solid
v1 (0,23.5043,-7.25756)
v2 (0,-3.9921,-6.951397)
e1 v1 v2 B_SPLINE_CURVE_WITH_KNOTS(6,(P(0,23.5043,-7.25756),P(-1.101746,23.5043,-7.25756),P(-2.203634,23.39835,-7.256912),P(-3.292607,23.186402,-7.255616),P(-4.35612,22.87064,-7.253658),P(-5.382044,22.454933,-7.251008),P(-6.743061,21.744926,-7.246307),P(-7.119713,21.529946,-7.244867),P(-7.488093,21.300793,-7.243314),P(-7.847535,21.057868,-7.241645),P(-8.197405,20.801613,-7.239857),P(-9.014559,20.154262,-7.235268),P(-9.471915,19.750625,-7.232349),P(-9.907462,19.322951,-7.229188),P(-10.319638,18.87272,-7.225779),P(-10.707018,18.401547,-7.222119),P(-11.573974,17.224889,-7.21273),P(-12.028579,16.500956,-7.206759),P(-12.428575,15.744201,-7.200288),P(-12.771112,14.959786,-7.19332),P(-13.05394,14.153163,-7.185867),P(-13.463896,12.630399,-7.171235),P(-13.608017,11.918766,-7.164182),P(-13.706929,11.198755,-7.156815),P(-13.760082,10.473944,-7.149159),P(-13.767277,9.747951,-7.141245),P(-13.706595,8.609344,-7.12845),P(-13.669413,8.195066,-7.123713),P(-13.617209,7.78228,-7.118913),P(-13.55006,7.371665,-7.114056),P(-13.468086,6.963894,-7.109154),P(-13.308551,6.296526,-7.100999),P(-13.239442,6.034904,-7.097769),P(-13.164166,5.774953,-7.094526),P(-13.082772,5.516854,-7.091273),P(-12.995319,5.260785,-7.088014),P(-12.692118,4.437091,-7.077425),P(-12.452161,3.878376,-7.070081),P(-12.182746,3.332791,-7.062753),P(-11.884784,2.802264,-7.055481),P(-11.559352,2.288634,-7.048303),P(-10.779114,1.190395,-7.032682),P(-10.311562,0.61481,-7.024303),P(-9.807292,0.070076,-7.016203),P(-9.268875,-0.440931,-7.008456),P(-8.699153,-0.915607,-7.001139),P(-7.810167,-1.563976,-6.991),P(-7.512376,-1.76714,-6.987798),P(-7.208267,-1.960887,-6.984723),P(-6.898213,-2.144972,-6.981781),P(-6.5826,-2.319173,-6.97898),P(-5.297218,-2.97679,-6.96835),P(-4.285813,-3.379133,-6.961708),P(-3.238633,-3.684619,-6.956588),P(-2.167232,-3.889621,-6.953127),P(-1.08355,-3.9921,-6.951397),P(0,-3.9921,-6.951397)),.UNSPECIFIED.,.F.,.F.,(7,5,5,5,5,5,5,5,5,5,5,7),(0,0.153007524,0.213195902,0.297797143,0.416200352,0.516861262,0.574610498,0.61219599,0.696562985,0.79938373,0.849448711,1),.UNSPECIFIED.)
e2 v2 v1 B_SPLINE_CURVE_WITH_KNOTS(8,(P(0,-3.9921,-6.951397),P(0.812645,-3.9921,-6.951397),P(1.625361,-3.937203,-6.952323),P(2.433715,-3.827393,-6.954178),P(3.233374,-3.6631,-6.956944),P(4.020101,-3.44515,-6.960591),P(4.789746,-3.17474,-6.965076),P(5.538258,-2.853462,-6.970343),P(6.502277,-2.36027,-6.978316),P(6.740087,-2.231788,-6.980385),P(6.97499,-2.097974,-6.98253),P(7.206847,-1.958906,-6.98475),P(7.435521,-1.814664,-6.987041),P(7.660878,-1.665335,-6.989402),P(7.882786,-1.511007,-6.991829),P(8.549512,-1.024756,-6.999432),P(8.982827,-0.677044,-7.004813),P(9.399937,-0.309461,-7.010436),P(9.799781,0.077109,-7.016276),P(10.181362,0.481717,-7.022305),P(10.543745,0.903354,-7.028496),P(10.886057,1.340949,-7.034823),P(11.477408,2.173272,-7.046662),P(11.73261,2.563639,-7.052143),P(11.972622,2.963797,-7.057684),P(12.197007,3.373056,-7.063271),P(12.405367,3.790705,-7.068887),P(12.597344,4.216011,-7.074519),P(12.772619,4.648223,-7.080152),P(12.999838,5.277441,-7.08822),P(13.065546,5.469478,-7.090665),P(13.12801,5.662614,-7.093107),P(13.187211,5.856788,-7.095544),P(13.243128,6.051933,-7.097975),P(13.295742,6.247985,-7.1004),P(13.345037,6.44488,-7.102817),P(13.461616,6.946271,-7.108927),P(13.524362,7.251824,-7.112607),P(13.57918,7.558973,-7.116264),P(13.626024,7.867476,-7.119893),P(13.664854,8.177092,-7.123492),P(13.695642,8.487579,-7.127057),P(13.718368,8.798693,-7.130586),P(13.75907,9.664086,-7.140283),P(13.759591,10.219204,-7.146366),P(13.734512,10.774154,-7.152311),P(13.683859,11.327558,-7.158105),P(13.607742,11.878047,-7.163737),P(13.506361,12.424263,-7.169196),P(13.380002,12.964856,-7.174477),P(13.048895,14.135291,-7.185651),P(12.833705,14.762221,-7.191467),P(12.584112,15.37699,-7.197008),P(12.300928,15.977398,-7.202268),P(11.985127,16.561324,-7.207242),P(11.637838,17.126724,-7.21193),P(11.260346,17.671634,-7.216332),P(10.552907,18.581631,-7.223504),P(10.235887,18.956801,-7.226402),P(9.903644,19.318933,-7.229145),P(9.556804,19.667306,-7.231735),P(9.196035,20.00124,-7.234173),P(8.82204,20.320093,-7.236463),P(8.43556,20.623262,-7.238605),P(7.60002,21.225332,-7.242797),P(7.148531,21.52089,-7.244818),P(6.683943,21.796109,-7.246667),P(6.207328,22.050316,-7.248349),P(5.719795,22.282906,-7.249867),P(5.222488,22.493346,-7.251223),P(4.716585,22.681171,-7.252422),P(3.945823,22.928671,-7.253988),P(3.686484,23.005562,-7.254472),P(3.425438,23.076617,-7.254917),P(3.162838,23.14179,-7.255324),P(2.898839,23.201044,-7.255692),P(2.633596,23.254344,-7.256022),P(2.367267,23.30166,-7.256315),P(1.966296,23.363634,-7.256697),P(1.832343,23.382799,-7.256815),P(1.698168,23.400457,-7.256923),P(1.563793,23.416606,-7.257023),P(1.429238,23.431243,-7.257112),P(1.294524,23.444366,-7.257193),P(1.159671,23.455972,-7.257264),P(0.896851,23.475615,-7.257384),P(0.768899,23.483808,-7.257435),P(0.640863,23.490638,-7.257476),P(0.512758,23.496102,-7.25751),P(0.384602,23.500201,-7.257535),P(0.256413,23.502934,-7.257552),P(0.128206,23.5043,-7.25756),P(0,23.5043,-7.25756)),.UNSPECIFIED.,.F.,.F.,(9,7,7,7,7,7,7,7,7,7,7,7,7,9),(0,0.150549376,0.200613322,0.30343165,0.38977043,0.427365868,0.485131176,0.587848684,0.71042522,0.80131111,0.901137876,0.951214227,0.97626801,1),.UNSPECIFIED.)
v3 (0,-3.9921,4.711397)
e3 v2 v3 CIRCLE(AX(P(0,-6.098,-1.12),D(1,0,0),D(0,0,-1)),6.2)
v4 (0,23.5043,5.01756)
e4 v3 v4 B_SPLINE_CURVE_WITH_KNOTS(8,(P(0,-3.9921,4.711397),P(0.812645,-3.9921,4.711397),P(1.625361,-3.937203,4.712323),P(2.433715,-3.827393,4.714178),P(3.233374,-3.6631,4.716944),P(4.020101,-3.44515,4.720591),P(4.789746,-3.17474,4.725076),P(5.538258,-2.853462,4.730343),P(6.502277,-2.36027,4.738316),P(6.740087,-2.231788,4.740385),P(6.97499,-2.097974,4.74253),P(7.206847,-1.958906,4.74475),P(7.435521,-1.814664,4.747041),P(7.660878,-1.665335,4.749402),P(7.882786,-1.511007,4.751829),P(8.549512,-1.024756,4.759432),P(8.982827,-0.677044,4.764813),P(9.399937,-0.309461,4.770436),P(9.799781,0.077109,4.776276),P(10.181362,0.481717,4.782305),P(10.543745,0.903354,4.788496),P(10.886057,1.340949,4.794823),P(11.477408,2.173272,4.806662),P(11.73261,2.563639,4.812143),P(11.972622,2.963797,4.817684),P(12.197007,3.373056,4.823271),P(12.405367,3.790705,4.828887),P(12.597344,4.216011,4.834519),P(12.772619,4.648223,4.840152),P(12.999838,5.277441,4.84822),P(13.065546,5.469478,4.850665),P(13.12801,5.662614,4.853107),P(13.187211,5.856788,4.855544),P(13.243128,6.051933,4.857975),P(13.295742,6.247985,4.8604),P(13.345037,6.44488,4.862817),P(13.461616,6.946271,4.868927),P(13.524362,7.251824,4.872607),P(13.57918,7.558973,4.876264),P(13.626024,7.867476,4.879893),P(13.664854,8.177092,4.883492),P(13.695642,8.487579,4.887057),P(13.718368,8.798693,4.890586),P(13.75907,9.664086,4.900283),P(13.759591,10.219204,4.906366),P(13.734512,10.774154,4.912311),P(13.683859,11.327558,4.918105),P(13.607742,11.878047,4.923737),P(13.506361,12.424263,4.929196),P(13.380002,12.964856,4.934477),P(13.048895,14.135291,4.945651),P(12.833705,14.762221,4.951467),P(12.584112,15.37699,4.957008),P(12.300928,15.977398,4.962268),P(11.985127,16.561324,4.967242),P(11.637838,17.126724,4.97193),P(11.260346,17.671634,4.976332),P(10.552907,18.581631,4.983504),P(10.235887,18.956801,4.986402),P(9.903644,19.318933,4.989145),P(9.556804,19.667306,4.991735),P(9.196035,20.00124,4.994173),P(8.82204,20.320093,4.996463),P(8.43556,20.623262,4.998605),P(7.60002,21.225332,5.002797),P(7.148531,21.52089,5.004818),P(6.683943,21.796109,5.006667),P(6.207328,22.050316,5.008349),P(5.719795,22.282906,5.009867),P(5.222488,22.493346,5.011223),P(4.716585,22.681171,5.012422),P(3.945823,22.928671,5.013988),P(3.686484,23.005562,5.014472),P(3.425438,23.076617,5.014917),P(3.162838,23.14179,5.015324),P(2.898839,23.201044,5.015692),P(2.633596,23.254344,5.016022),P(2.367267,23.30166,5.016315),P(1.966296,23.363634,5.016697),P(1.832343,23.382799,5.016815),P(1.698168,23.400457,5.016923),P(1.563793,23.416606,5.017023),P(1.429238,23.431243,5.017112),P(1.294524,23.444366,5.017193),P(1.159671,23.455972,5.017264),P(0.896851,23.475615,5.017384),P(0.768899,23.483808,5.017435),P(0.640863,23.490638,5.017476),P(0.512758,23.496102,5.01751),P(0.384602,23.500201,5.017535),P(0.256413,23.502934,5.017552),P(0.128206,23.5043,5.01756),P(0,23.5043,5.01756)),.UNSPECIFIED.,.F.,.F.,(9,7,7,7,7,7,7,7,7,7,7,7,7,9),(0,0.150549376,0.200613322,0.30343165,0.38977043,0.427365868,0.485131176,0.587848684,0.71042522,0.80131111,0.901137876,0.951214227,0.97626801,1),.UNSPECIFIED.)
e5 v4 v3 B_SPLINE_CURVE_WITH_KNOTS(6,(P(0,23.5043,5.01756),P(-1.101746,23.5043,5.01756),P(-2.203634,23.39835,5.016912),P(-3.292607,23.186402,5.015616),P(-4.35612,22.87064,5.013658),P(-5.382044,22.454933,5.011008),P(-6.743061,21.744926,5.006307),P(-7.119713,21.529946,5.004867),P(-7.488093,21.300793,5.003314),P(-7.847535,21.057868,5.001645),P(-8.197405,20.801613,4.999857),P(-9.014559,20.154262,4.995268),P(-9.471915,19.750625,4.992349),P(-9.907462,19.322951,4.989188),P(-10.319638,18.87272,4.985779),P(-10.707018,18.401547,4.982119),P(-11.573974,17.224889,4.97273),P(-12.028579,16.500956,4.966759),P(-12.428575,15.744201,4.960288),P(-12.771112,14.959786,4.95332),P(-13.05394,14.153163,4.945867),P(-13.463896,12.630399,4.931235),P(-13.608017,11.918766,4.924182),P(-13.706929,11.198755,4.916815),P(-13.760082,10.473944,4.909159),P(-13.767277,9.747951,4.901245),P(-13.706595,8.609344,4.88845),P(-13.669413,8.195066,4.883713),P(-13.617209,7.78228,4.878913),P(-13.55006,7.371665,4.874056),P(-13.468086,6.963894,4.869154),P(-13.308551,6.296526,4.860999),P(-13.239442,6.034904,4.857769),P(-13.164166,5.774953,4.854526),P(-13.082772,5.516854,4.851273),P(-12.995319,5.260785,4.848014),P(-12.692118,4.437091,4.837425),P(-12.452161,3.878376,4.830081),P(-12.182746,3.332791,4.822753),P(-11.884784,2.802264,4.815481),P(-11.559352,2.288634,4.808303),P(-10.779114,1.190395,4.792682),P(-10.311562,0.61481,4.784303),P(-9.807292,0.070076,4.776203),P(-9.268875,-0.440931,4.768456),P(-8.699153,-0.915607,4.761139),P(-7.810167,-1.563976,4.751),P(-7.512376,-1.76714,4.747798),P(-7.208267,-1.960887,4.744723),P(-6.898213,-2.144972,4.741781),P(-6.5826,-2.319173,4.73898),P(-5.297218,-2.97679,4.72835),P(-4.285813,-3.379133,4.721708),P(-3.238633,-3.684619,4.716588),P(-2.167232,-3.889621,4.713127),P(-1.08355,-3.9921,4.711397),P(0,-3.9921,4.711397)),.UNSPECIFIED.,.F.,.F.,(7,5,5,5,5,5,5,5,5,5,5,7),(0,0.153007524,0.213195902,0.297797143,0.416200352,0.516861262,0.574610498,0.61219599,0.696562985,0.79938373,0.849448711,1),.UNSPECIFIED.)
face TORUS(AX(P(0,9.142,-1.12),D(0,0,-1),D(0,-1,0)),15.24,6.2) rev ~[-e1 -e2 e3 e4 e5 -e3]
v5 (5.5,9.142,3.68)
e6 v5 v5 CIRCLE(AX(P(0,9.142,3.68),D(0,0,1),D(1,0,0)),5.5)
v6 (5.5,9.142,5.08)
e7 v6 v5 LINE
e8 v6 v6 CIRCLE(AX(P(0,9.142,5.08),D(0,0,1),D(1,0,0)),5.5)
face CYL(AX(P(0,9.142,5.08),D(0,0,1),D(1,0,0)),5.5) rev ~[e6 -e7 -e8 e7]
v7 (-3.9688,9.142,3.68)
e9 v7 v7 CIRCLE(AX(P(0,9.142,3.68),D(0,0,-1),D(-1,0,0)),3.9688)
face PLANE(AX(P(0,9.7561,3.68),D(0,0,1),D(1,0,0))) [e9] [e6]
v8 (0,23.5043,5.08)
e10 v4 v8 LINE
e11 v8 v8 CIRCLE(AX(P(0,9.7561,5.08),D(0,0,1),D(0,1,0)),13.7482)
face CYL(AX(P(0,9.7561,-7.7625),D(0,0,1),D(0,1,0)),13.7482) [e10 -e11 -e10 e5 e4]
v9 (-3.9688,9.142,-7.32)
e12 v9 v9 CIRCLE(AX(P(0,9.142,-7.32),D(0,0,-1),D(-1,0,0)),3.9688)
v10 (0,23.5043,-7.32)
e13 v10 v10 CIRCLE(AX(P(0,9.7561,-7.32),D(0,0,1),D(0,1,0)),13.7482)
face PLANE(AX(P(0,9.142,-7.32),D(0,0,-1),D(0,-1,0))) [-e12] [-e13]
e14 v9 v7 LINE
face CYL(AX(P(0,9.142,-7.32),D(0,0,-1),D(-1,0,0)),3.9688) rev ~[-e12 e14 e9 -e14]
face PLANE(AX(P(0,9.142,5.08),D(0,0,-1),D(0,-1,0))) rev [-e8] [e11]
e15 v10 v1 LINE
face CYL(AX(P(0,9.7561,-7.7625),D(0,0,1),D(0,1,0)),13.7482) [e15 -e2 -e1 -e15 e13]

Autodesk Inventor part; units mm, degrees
ref_plane "YZ Plane" through (0, 0, 0) normal (1, 0, 0) x (0, 1, 0)
ref_plane "XZ Plane" through (0, 0, 0) normal (0, 1, 0) x (-1, 0, 0)
ref_plane "XY Plane" through (0, 0, 0) normal (0, 0, 1) x (1, 0, 0)
sketch "Sketch1" plane through (0, 0, 0) normal (1, 0, 0) x (0, 1, 0)
  line L0 (-6.098, -7.32) -> (9.142, -7.32)
  line L1 (9.142, 5.08) -> (-6.098, 5.08)
  line L2 (9.142, 6.8113) -> (9.142, -7.738)
  arc A0 (-6.098, -7.32) -> (-6.098, 5.08) centre (-6.098, -1.12) ccw
  point P0 (0, 0)
  dimension "d4" = 12.4
  dimension "d5" = 15.24
revolve "Revolution1" add sketch "Sketch1" angle 360 about axis through (0, 9.142, 6.8113) along (0, 0, -1)
sketch "Sketch2" plane through (0, 9.142, -7.32) normal (0, 0, -1) x (-1, 0, 0)
  circle A0 centre (0, 0) radius 15.24 projected
  circle A1 centre (0, 0) radius 3.9688
  dimension "d1" = 7.9375
extrude "Extrusion1" cut sketch "Sketch2" against normal through all contours A1
sketch "Sketch4" plane through (0, 0, 0) normal (1, 0, 0) x (0, 1, 0)
  line L0 (23.5043, 7.0392) -> (26.3008, 7.0392)
  line L1 (26.3008, 7.0392) -> (26.3008, -7.7625)
  line L2 (26.3008, -7.7625) -> (23.5043, -7.7625)
  line L3 (23.5043, -7.7625) -> (23.5043, 7.0392)
  line L4 (9.7561, -8.4) -> (9.7561, 8.96)
  point P0 (0, 0)
revolve "Revolution2" cut sketch "Sketch4" angle 360 about axis through (0, 9.7561, -8.4) along (0, 0, 1)
sketch "Sketch5" plane through (0, 9.7561, 5.08) normal (0, 0, 1) x (1, 0, 0)
  circle A0 centre (0, -0.6141) radius 5.5 projected
  point P0 (0, -9.7561)
extrude "Extrusion3" cut sketch "Sketch5" against normal blind 1.4
properties part number "surgicalpulley"
